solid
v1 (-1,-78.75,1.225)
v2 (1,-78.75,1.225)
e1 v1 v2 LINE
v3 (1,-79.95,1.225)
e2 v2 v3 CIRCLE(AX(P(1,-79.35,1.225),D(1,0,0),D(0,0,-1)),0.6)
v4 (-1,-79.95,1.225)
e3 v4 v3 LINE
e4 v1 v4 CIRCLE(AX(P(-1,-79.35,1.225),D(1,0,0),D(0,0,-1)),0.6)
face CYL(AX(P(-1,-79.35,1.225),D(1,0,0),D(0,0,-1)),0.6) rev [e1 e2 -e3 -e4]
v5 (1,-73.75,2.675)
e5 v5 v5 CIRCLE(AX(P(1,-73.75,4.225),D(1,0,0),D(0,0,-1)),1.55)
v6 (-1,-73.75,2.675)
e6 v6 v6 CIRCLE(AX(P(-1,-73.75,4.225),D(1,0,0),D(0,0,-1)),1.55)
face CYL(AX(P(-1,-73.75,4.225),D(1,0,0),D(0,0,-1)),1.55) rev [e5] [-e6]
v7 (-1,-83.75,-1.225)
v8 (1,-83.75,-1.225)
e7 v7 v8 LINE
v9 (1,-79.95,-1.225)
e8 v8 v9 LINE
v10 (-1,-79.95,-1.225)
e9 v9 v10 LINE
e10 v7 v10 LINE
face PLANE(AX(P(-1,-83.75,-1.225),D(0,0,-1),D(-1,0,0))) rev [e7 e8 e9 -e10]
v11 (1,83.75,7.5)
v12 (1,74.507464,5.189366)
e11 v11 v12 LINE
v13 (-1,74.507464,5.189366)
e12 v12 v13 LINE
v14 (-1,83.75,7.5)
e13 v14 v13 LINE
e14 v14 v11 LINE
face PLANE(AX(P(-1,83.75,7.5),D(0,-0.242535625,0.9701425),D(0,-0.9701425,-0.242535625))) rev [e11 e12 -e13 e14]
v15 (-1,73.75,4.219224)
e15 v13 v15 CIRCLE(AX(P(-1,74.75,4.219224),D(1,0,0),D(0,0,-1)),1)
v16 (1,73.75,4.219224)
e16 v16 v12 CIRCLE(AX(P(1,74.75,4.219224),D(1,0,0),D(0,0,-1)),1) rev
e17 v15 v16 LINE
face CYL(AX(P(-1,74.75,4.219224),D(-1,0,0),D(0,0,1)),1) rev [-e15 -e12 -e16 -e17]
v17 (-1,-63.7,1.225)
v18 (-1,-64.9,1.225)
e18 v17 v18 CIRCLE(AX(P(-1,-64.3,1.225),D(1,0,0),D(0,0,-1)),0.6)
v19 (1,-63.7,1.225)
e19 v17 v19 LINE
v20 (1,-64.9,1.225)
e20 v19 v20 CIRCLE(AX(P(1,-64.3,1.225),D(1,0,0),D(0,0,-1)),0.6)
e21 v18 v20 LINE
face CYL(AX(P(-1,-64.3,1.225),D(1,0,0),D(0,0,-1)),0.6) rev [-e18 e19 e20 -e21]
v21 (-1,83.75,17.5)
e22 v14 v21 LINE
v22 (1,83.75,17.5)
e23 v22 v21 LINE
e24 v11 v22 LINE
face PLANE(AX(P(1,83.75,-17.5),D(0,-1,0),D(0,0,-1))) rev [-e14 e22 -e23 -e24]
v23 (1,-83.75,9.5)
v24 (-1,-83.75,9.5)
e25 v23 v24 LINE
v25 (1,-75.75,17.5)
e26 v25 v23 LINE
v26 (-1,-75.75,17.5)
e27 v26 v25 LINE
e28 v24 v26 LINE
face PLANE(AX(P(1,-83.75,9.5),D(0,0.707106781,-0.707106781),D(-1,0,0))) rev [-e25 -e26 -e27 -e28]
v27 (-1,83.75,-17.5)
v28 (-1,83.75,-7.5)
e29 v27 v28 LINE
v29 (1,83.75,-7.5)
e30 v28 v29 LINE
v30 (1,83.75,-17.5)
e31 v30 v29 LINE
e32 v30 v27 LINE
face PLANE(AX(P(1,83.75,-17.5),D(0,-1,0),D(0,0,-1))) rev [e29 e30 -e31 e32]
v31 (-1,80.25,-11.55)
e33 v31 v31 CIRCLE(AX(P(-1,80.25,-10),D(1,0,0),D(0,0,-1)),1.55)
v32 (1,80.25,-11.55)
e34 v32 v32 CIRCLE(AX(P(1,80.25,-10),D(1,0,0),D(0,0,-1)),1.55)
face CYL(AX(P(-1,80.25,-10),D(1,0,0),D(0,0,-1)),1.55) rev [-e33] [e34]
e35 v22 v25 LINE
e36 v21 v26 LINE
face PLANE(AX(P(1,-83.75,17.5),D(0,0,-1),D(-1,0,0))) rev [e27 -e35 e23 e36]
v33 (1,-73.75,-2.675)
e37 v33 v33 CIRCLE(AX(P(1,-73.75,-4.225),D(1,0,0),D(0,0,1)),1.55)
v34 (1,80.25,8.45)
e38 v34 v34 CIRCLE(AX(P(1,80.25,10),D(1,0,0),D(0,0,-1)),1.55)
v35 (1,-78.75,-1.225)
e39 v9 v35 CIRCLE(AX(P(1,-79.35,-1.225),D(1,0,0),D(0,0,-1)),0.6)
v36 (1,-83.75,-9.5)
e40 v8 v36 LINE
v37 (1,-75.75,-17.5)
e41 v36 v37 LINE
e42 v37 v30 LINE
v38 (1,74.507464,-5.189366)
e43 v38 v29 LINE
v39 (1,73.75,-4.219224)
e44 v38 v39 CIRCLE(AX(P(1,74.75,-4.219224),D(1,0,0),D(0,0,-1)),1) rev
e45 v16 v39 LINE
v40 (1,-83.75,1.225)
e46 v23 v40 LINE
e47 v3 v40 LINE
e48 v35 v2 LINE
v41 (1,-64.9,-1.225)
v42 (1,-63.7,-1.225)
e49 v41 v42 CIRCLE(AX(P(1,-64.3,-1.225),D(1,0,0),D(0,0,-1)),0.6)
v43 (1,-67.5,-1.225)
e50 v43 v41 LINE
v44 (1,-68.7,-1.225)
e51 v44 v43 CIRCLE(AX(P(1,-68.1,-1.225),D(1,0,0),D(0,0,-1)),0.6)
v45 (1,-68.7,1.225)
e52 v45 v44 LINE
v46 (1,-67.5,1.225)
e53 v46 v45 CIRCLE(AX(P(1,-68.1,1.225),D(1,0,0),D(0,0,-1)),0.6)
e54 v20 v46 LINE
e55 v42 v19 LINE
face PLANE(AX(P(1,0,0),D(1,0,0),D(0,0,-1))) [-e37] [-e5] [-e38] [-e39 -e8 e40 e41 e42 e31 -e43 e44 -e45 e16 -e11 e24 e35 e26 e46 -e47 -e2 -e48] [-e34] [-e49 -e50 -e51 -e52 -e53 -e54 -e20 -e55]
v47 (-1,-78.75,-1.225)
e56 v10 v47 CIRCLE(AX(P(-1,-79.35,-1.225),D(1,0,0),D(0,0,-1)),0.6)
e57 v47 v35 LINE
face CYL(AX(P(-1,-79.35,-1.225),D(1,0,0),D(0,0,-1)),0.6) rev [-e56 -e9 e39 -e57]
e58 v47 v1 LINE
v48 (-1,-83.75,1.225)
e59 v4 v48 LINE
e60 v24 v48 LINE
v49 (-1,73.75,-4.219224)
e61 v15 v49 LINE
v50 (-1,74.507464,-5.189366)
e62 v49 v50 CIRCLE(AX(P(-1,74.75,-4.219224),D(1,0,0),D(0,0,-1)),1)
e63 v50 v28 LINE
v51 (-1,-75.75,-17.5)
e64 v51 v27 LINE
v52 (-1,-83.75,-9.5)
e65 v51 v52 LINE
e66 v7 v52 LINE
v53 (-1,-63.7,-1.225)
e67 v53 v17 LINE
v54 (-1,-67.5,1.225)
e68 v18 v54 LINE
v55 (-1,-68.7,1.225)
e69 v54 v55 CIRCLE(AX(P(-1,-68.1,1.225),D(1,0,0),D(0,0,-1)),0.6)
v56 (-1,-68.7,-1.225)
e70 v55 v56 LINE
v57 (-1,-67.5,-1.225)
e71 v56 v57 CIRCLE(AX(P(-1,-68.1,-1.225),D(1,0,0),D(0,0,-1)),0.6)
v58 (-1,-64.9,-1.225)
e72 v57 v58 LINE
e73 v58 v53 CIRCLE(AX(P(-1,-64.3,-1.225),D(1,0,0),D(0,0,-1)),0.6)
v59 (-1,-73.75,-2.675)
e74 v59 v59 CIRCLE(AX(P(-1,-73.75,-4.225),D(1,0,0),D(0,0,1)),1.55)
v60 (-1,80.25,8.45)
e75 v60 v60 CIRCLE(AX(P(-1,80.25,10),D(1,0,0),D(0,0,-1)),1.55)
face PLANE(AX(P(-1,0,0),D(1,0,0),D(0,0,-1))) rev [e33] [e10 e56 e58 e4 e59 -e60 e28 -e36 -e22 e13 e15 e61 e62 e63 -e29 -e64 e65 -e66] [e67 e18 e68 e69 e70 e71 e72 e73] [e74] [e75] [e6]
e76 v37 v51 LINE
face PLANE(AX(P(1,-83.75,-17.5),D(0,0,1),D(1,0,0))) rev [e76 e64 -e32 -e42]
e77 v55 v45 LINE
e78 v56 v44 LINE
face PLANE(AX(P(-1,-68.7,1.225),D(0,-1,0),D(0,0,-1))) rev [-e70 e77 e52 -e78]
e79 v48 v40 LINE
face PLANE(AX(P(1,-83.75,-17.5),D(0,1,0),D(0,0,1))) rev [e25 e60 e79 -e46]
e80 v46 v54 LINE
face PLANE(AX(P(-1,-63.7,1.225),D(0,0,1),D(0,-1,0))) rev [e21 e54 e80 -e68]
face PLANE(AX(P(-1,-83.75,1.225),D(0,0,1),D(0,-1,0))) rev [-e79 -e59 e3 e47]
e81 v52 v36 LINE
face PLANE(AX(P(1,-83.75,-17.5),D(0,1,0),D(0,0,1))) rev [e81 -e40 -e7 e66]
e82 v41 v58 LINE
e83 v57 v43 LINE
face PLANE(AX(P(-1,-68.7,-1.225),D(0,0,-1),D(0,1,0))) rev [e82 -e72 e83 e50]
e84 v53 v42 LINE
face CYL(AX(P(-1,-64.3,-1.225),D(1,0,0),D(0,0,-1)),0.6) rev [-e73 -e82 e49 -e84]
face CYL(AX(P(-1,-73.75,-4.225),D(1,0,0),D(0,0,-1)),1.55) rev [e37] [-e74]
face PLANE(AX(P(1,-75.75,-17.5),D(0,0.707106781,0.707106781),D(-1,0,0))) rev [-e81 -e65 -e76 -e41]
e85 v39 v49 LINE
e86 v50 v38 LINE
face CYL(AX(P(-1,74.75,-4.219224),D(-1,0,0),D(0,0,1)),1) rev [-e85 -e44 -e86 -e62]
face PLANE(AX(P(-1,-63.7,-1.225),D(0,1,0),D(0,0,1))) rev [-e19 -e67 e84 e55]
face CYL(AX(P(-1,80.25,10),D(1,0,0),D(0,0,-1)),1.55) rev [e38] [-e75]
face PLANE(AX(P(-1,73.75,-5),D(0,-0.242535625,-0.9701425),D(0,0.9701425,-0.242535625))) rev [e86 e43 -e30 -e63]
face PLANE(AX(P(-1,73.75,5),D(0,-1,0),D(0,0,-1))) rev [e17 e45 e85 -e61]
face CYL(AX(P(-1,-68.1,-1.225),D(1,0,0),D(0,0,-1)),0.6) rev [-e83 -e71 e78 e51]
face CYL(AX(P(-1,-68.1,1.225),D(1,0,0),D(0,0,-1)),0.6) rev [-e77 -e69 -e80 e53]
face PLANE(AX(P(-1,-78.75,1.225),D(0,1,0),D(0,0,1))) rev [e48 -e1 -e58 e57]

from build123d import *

# Parameters (mm, degrees)
SKETCH_1_W          = 35
SKETCH_1_H          = 167.5
EXTRUDE_1_DEPTH     = 1
SKETCH_2_W          = 2.45
SKETCH_2_H          = 5
CUT_EXTRUDE_1_DEPTH = 3
SKETCH_3_R          = 0.6
CUT_EXTRUDE_2_DEPTH = 3
SKETCH_5_W          = 2.45
SKETCH_5_H          = 5
CUT_EXTRUDE_4_DEPTH = 3
SKETCH_6_R          = 0.6
CUT_EXTRUDE_5_DEPTH = 3
SKETCH_7_R          = 1.55
CUT_EXTRUDE_6_DEPTH = 3
CHAMFER_1_SIZE      = 8
CUT_EXTRUDE_8_DEPTH = 3
FILLET_1_R          = 1
SKETCH_11_R         = 1.55
CUT_EXTRUDE_9_DEPTH = 3


with BuildPart() as part:
    # 草图1 → 凸台-拉伸1 (new body, symmetric)
    with BuildSketch(Plane(origin=(0, 0, 0), x_dir=(0, 0, -1), z_dir=(1, 0, 0))):
        Rectangle(SKETCH_1_W, SKETCH_1_H)
    extrude(amount=EXTRUDE_1_DEPTH, both=True)

    # 草图2 → 切除-拉伸1 (cut, through all)
    with BuildSketch(Plane(origin=(1, 0, 0), x_dir=(0, 0, -1), z_dir=(1, 0, 0))):
        with Locations((0, -81.25)):
            Rectangle(SKETCH_2_W, SKETCH_2_H)
    extrude(amount=-CUT_EXTRUDE_1_DEPTH, mode=Mode.SUBTRACT)

    # 草图3 → 切除-拉伸2 (cut, through all)
    with BuildSketch(Plane(origin=(1, 0, 0), x_dir=(0, 0, -1), z_dir=(1, 0, 0))):
        with Locations((-1.225, -79.35)):
            Circle(SKETCH_3_R)
        with Locations((1.225, -79.35)):
            Circle(SKETCH_3_R)
    extrude(amount=-CUT_EXTRUDE_2_DEPTH, mode=Mode.SUBTRACT)

    # 草图5 → 切除-拉伸4 (cut, through all)
    with BuildSketch(Plane(origin=(1, 0, 0), x_dir=(0, 0, -1), z_dir=(1, 0, 0))):
        with Locations((0, -66.2)):
            Rectangle(SKETCH_5_W, SKETCH_5_H)
    extrude(amount=-CUT_EXTRUDE_4_DEPTH, mode=Mode.SUBTRACT)

    # 草图6 → 切除-拉伸5 (cut, through all)
    with BuildSketch(Plane(origin=(1, 0, 0), x_dir=(0, 0, -1), z_dir=(1, 0, 0))):
        with Locations((-1.225, -64.3)):
            Circle(SKETCH_6_R)
        with Locations((-1.225, -68.1)):
            Circle(SKETCH_6_R)
        with Locations((1.225, -64.3)):
            Circle(SKETCH_6_R)
        with Locations((1.225, -68.1)):
            Circle(SKETCH_6_R)
    extrude(amount=-CUT_EXTRUDE_5_DEPTH, mode=Mode.SUBTRACT)

    # 草图7 → 切除-拉伸6 (cut, through all)
    with BuildSketch(Plane(origin=(1, 0, 0), x_dir=(0, 0, -1), z_dir=(1, 0, 0))):
        with Locations((-4.225, -73.75)):
            Circle(SKETCH_7_R)
        with Locations((4.225, -73.75)):
            Circle(SKETCH_7_R)
    extrude(amount=-CUT_EXTRUDE_6_DEPTH, mode=Mode.SUBTRACT)

    # 倒角1
    chamfer_1_edges = [part.edges().sort_by_distance(p)[0] for p in [
        (0, -83.75, -17.5),
        (0, -83.75, 17.5),
    ]]
    chamfer(chamfer_1_edges, length=CHAMFER_1_SIZE)

    # 草图10 → 切除-拉伸8 (cut, through all)
    with BuildSketch(Plane(origin=(1, 0, 0), x_dir=(0, 0, -1), z_dir=(1, 0, 0))):
        Polygon((7.5, 83.75), (-7.5, 83.75), (-5, 73.75), (5, 73.75), align=None)
    extrude(amount=-CUT_EXTRUDE_8_DEPTH, mode=Mode.SUBTRACT)

    # 圆角1
    fillet_1_edges = [part.edges().sort_by_distance(p)[0] for p in [
        (0, 73.75, 5),
        (0, 73.75, -5),
    ]]
    fillet(fillet_1_edges, radius=FILLET_1_R)

    # 草图11 → 切除-拉伸9 (cut, through all)
    with BuildSketch(Plane(origin=(1, 0, 0), x_dir=(0, 0, -1), z_dir=(1, 0, 0))):
        with Locations((-10, 80.25)):
            Circle(SKETCH_11_R)
        with Locations((10, 80.25)):
            Circle(SKETCH_11_R)
    extrude(amount=-CUT_EXTRUDE_9_DEPTH, mode=Mode.SUBTRACT)


solid = part.part
